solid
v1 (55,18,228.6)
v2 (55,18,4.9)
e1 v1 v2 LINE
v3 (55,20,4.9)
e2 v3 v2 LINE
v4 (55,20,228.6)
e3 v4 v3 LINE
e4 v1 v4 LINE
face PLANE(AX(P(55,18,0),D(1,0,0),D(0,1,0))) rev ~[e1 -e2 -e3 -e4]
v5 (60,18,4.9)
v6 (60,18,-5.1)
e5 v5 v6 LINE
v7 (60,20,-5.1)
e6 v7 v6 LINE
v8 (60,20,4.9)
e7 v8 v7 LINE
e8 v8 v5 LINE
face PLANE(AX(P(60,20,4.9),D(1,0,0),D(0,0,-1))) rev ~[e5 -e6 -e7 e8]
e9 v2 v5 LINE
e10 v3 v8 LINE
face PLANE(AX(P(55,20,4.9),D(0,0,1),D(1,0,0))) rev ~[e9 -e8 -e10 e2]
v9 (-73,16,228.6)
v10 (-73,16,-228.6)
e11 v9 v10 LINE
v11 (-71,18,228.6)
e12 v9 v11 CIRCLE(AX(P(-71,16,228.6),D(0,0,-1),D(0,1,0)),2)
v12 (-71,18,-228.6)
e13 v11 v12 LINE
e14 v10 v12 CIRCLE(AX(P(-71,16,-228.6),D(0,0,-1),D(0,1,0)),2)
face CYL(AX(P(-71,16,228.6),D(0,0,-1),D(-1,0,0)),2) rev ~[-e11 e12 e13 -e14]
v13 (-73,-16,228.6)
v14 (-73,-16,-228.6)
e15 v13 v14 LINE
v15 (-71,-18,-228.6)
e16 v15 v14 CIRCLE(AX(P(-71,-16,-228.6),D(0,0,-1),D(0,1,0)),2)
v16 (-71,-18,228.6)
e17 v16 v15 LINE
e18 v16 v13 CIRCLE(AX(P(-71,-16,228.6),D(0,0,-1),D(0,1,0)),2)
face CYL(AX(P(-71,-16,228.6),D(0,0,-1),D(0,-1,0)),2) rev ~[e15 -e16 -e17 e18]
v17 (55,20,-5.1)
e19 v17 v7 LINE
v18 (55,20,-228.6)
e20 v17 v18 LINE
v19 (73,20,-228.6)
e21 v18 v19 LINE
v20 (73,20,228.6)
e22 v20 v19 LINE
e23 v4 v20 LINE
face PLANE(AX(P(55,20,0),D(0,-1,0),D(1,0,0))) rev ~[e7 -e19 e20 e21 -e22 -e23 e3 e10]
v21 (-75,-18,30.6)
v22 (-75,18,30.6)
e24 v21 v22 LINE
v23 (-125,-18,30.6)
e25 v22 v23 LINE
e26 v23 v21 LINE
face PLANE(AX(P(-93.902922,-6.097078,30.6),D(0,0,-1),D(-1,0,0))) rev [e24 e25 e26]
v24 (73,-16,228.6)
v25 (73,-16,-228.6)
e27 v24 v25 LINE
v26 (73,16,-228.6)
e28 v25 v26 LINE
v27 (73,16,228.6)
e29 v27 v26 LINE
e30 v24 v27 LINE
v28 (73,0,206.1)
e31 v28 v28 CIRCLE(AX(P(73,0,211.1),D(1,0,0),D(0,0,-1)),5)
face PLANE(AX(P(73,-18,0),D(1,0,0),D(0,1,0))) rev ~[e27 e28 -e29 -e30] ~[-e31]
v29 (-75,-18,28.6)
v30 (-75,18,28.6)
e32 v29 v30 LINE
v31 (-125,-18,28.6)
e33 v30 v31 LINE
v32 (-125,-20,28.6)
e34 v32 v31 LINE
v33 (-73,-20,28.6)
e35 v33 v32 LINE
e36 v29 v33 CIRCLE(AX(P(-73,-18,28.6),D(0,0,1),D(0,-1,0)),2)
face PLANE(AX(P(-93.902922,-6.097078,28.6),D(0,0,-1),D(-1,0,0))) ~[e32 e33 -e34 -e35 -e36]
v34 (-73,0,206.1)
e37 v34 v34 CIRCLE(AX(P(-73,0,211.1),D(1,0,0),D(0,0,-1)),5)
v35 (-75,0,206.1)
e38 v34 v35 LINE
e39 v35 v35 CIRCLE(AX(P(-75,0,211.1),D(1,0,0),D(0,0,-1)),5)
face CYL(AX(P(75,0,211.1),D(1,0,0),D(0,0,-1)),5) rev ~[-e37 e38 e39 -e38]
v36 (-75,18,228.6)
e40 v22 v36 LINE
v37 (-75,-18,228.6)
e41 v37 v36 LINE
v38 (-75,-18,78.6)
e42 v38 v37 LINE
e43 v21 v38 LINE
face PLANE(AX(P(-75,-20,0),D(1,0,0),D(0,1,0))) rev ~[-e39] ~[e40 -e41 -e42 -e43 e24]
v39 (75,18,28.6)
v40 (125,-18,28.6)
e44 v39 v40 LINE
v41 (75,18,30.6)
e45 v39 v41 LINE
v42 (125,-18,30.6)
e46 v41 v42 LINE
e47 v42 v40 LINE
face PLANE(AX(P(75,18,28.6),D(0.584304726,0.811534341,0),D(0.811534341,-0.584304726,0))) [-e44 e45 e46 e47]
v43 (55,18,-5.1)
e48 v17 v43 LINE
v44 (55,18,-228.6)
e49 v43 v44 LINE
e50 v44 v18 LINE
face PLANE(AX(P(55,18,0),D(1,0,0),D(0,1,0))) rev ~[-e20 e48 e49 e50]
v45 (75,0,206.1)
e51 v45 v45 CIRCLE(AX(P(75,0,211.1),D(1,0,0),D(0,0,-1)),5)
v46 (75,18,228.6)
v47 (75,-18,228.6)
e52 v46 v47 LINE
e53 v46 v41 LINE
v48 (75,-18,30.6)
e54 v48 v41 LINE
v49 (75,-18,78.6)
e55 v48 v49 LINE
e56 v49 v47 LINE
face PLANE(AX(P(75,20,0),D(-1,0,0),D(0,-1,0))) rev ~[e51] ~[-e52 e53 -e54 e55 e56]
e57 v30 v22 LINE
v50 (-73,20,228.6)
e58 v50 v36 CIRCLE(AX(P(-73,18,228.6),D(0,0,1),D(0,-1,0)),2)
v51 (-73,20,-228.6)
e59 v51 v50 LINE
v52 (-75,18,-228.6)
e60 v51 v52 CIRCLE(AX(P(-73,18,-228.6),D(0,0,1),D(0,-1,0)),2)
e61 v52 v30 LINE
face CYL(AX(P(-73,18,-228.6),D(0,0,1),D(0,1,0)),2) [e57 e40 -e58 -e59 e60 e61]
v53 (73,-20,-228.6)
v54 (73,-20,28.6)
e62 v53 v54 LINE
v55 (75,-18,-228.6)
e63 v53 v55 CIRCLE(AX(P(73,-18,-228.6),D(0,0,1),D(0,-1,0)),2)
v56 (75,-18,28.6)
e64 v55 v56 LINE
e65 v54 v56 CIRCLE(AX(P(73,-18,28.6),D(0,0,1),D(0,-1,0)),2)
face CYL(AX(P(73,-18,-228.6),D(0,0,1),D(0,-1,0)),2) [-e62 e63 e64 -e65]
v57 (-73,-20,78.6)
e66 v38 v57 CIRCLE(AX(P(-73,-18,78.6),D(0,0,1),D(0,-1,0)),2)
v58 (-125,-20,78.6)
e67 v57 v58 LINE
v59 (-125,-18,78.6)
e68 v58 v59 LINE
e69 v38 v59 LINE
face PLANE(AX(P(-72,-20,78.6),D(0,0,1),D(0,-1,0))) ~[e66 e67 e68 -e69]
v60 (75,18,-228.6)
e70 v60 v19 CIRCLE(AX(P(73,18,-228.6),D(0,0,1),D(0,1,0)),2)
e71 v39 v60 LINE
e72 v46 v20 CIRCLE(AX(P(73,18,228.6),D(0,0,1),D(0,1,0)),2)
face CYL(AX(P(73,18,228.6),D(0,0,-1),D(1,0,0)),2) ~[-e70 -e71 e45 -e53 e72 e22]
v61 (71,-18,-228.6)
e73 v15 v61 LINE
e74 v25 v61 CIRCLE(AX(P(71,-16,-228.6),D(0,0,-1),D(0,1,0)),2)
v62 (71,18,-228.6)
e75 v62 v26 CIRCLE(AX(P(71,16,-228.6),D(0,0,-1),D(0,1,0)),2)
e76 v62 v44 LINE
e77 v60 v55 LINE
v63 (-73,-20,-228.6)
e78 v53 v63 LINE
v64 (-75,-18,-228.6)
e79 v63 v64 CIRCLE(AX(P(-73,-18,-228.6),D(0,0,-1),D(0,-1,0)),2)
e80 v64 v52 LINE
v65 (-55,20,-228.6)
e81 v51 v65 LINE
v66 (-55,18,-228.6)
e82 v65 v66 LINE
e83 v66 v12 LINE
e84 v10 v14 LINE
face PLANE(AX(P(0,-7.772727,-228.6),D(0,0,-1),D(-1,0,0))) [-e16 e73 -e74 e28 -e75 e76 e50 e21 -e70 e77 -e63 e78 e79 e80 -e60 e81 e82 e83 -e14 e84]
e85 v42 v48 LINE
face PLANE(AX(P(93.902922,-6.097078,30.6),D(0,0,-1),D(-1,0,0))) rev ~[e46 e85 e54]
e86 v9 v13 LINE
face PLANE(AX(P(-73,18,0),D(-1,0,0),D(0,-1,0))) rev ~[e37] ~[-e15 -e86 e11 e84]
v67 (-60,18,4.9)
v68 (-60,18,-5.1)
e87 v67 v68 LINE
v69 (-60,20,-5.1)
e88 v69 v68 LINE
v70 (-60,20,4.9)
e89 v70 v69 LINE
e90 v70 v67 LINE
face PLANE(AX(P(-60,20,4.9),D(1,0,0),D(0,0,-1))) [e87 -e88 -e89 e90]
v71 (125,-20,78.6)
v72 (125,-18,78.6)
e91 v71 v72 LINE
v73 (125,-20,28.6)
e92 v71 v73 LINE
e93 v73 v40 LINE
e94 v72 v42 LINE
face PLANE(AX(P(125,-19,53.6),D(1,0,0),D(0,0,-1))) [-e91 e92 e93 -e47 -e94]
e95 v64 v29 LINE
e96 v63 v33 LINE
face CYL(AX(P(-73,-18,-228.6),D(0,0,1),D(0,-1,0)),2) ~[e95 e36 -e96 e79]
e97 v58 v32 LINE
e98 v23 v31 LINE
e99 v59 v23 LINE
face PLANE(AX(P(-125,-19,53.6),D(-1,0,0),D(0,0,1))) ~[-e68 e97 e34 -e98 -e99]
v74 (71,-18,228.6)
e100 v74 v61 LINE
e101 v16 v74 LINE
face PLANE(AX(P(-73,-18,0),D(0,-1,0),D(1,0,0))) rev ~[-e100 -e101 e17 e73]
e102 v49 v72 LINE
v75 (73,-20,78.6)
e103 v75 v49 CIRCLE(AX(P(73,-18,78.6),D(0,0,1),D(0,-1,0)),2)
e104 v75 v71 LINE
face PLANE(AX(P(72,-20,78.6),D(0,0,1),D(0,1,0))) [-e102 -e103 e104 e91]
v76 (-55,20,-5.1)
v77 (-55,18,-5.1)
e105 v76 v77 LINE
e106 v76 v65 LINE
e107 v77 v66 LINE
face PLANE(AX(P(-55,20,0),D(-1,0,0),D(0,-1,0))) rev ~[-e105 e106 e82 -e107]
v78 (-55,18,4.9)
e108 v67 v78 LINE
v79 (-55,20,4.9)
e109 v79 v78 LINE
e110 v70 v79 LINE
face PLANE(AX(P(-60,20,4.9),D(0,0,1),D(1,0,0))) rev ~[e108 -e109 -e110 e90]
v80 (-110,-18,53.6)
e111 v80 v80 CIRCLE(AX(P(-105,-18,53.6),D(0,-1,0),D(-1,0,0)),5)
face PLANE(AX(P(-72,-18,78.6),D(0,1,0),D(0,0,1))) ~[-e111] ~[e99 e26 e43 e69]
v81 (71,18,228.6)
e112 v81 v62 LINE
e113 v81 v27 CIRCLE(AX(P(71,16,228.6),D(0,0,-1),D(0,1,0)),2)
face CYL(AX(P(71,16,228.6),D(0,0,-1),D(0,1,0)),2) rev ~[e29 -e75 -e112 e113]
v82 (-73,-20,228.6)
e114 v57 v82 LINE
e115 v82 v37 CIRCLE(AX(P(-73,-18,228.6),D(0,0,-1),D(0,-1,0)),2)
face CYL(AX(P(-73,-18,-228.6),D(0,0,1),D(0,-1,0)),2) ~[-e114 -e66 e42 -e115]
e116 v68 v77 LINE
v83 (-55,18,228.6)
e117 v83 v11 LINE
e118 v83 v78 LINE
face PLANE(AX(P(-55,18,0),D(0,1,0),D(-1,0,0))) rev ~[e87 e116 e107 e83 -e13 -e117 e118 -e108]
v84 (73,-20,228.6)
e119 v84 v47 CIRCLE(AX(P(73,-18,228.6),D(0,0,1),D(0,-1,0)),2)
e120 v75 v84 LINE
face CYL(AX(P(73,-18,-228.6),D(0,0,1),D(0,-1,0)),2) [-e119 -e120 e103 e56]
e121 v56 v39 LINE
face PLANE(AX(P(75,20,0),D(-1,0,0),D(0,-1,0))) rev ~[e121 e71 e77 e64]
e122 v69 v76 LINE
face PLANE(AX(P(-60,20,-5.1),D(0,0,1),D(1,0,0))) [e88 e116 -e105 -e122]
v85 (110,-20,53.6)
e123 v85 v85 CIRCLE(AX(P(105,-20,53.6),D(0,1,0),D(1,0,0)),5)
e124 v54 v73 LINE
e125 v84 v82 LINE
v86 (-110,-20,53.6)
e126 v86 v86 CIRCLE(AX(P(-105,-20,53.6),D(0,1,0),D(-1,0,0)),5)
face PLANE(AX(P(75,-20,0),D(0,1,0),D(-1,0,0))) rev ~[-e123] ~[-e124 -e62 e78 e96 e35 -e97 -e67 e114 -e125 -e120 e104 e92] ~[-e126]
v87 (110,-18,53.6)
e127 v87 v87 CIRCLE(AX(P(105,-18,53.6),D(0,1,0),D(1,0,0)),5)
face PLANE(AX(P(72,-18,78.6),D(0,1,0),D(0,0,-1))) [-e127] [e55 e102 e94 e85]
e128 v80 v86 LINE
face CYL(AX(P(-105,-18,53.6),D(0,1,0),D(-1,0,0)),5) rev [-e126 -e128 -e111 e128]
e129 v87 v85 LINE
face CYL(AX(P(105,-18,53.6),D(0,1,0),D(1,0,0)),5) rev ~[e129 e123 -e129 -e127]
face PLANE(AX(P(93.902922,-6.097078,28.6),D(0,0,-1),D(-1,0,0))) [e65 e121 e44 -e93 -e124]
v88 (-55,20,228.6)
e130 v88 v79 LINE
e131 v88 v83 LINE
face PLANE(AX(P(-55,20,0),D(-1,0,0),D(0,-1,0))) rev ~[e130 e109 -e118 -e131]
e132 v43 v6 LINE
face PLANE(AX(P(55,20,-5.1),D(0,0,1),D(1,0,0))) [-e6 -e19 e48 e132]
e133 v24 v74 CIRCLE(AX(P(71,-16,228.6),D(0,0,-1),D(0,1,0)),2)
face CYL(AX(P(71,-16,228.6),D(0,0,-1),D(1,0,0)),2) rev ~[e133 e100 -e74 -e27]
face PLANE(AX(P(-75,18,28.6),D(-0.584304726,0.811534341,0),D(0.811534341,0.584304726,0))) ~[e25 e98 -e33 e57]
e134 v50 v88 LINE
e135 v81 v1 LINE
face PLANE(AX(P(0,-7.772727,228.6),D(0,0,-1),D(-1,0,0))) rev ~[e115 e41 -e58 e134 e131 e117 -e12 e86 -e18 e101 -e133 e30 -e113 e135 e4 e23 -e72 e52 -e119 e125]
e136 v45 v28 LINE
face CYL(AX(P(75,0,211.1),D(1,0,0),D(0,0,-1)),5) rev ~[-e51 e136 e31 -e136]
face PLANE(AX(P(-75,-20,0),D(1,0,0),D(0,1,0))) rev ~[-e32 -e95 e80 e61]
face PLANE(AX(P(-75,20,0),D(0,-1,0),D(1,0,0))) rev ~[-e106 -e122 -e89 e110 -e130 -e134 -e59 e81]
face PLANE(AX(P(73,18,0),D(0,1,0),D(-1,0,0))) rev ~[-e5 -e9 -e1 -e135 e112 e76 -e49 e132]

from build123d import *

# Parameters (mm, degrees)
SALIENTE_EXTRUIR2_DEPTH = 228.6
REDONDEO1_R             = 2
CROQUIS3_R              = 5
CORTAR_EXTRUIR1_DEPTH   = 151
SALIENTE_EXTRUIR3_START = -3
CROQUIS5_W              = 50
CROQUIS5_H              = 2
SALIENTE_EXTRUIR3_DEPTH = 53
CROQUIS6_R              = 5
CORTAR_EXTRUIR2_DEPTH   = 50
SALIENTE_EXTRUIR4_DEPTH = 2
CROQUIS8_W              = 5
CROQUIS8_H              = 10
CORTAR_EXTRUIR3_DEPTH   = 10


with BuildPart() as part:
    # Croquis2 → Saliente-Extruir2 (new body, symmetric)
    with BuildSketch(Plane.XY):
        Polygon((-75, 20), (-55, 20), (-55, 18), (-73, 18), (-73, -18), (73, -18), (73, 18), (55, 18), (55, 20), (75, 20), (75, -20), (-75, -20), align=None)
    extrude(amount=SALIENTE_EXTRUIR2_DEPTH, both=True)

    # Redondeo1
    redondeo1_edges = [part.edges().sort_by_distance(p)[0] for p in [
        (75, 20, 0),
        (75, -20, 0),
        (-75, -20, 0),
        (-75, 20, 0),
        (-73, 18, 0),
        (-73, -18, 0),
        (73, -18, 0),
        (73, 18, 0),
    ]]
    fillet(redondeo1_edges, radius=REDONDEO1_R)

    # Croquis3 → Cortar-Extruir1 (cut, through all)
    with BuildSketch(Plane(origin=(75, 0, 0), x_dir=(0, 0, -1), z_dir=(1, 0, 0))):
        with Locations((-211.1, 0)):
            Circle(CROQUIS3_R)
    extrude(amount=-CORTAR_EXTRUIR1_DEPTH, mode=Mode.SUBTRACT)

    # Croquis5 → Saliente-Extruir3 (add)
    with BuildSketch(Plane(origin=(75, 0, 0), x_dir=(0, 0, -1), z_dir=(1, 0, 0)).offset(SALIENTE_EXTRUIR3_START)):
        with Locations((-53.6, -19)):
            Rectangle(CROQUIS5_W, CROQUIS5_H)
    saliente_extruir3 = extrude(amount=SALIENTE_EXTRUIR3_DEPTH)

    # Croquis6 → Cortar-Extruir2 (cut)
    with BuildSketch(Plane(origin=(0, -18, 0), x_dir=(1, 0, 0), z_dir=(0, 1, 0))):
        with Locations((105, -53.6)):
            Circle(CROQUIS6_R)
    cortar_extruir2 = extrude(amount=-CORTAR_EXTRUIR2_DEPTH, mode=Mode.SUBTRACT)

    # Croquis7 → Saliente-Extruir4 (add)
    with BuildSketch(Plane(origin=(0, 0, 28.6), x_dir=(-1, 0, 0), z_dir=(0, 0, -1))):
        Polygon((-75, -18), (-75, 18), (-125, -18), align=None)
    saliente_extruir4 = extrude(amount=-SALIENTE_EXTRUIR4_DEPTH)

    # Simetría1: Saliente-Extruir3, Cortar-Extruir2, Saliente-Extruir4 across plane
    add(saliente_extruir3.mirror(Plane(origin=(0, 0, 0), x_dir=(0, 0, 1), z_dir=(1, 0, 0))))
    add(cortar_extruir2.mirror(Plane(origin=(0, 0, 0), x_dir=(0, 0, 1), z_dir=(1, 0, 0))), mode=Mode.SUBTRACT)
    add(saliente_extruir4.mirror(Plane(origin=(0, 0, 0), x_dir=(0, 0, 1), z_dir=(1, 0, 0))))

    # Croquis8 → Cortar-Extruir3 (cut)
    with BuildSketch(Plane(origin=(0, 20, 0), x_dir=(1, 0, 0), z_dir=(0, 1, 0))):
        with Locations((-57.5, 0.1)):
            Rectangle(CROQUIS8_W, CROQUIS8_H)
        with Locations((57.5, 0.1)):
            Rectangle(CROQUIS8_W, CROQUIS8_H)
    extrude(amount=-CORTAR_EXTRUIR3_DEPTH, mode=Mode.SUBTRACT)


solid = part.part
